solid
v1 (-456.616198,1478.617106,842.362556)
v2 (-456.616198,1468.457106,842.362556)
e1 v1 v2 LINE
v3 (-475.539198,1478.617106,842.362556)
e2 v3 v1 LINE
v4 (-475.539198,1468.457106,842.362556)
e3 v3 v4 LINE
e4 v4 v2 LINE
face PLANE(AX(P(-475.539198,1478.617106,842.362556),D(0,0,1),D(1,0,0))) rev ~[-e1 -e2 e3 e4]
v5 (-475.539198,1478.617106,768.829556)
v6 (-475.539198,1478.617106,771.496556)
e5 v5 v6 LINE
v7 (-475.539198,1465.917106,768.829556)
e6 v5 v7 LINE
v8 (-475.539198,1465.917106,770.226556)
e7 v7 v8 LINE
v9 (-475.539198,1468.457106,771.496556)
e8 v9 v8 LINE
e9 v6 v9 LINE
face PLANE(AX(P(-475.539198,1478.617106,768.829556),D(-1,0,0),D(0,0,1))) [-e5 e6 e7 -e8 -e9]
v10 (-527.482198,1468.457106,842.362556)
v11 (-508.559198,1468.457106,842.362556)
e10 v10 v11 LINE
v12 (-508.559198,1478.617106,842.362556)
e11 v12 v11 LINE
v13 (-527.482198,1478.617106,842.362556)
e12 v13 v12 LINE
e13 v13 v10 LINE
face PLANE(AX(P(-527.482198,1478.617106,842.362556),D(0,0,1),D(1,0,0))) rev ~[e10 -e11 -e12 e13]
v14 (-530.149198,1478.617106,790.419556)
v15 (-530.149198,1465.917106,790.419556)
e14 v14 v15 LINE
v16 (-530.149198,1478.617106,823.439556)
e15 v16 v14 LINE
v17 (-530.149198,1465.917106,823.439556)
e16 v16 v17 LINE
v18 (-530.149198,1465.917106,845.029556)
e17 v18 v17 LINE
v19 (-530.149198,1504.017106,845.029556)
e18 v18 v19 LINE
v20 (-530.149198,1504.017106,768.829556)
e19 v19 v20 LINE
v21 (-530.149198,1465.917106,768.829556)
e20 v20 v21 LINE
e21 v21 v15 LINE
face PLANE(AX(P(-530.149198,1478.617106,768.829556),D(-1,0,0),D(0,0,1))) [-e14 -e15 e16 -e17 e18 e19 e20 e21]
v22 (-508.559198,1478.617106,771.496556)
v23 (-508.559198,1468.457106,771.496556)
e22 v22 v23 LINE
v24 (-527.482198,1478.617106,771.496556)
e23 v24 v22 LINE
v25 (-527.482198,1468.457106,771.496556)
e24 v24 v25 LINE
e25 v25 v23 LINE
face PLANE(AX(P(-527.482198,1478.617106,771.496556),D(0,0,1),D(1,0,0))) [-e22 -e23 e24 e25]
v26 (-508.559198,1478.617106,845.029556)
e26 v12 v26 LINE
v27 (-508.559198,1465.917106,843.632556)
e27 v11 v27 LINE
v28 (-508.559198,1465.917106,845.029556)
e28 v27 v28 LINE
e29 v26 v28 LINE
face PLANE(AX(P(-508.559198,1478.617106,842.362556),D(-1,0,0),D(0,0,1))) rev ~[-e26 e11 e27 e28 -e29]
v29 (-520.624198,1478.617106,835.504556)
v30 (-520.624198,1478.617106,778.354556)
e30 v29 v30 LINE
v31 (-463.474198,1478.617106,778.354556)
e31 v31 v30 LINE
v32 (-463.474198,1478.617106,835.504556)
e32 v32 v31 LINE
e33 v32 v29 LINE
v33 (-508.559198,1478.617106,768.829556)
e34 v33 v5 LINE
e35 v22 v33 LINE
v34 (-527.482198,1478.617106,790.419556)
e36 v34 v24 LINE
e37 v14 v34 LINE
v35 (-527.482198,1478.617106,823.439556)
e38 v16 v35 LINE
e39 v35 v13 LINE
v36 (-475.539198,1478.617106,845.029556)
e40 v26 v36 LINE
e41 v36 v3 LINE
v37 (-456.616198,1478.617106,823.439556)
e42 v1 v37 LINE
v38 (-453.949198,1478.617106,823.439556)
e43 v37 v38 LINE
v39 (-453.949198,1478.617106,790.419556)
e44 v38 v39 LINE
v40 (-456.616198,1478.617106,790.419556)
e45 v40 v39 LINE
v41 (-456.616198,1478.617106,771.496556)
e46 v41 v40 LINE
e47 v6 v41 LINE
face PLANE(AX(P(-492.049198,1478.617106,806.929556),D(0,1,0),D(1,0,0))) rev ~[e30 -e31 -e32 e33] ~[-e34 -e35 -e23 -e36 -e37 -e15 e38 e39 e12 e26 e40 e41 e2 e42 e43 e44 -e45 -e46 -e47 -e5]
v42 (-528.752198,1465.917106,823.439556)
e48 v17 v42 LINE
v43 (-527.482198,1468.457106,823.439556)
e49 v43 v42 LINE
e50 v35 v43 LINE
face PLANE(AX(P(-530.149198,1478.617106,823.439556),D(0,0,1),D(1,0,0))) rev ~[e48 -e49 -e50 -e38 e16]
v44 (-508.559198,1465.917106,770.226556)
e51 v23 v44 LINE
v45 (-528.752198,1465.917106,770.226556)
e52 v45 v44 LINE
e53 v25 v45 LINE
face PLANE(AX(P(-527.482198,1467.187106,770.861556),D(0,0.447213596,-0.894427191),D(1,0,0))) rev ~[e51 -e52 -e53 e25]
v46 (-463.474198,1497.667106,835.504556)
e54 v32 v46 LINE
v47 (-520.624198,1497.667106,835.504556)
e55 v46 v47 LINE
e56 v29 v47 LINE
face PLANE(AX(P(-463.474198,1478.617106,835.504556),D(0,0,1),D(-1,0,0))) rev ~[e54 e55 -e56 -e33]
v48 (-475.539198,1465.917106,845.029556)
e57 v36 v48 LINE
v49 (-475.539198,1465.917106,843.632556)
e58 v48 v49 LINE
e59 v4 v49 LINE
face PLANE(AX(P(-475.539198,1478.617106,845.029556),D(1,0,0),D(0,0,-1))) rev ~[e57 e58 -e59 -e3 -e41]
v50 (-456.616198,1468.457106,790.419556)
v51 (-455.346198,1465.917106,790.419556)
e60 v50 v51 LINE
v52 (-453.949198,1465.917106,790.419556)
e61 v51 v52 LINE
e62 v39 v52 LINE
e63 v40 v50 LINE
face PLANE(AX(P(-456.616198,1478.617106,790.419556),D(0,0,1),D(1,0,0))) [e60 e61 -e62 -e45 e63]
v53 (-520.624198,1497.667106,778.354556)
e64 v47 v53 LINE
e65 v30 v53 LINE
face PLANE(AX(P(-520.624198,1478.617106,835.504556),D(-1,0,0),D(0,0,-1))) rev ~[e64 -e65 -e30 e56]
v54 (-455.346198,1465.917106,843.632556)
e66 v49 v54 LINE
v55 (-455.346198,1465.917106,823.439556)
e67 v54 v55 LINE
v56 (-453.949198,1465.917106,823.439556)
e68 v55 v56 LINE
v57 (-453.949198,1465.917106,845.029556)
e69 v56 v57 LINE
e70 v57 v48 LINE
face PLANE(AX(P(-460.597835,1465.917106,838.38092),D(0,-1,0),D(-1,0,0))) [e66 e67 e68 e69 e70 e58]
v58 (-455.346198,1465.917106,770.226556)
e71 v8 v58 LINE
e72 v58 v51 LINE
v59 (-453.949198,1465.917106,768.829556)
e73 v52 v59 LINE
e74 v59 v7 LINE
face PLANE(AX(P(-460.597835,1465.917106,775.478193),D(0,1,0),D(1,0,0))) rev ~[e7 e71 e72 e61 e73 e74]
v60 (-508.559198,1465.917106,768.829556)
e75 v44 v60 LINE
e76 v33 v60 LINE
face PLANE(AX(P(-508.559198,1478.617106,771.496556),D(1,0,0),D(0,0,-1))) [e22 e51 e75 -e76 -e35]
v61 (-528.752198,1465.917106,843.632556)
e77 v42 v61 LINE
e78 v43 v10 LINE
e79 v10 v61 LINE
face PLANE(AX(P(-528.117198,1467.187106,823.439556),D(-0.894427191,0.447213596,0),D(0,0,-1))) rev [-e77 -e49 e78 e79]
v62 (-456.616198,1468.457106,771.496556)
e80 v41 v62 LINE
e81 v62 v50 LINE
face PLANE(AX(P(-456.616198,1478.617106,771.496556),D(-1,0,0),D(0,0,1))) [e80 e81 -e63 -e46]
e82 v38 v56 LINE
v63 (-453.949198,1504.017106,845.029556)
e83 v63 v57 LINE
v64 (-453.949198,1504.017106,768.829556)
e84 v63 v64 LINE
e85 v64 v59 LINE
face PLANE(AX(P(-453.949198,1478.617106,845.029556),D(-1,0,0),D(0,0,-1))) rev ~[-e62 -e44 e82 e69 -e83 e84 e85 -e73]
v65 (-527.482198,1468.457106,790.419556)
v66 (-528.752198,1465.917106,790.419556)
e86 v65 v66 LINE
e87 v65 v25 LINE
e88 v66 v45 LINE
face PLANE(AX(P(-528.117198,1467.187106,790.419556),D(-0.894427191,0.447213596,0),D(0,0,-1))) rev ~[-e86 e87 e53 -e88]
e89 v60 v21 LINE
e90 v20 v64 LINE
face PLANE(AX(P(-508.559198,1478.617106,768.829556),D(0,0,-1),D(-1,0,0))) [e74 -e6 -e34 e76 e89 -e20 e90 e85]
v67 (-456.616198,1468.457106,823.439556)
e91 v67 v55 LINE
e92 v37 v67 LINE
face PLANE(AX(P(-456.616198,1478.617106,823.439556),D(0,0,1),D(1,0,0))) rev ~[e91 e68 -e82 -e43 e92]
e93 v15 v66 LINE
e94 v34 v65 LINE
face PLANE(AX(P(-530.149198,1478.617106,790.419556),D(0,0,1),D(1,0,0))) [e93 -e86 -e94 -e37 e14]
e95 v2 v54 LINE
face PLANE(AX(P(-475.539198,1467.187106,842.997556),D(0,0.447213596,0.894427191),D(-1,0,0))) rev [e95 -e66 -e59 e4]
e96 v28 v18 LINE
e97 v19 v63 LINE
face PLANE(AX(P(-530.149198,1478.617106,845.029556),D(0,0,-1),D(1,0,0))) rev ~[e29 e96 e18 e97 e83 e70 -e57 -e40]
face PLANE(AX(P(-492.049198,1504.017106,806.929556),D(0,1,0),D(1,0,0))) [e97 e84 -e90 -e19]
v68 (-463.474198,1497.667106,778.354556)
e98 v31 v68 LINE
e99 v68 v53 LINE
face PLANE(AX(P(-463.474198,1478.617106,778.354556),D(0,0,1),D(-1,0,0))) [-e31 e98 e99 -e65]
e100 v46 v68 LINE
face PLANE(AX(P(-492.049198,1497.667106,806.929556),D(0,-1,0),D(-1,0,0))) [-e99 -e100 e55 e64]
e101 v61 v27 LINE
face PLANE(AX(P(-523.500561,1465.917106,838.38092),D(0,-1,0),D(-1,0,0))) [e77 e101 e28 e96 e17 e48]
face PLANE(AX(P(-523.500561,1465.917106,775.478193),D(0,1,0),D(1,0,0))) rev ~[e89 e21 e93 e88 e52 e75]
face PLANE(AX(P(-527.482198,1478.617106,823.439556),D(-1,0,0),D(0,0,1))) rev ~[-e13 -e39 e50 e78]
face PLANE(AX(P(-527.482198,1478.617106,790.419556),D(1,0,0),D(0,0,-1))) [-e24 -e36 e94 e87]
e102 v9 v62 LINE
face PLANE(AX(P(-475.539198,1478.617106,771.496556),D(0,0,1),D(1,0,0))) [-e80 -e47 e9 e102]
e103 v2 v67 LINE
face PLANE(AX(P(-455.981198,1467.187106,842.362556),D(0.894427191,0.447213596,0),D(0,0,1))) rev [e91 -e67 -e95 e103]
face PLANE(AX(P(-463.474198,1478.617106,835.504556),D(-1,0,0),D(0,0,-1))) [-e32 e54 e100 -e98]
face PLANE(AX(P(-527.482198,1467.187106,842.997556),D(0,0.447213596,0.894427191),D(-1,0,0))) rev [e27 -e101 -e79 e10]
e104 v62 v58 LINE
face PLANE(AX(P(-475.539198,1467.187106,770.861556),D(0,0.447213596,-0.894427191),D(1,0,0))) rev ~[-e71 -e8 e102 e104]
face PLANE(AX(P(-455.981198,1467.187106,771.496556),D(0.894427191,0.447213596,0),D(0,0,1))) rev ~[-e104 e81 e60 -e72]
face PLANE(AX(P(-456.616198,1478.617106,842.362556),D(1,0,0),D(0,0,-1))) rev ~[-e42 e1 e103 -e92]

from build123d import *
from OCP.BRepFilletAPI import BRepFilletAPI_MakeChamfer

# Parameters (mm, degrees)
SKETCH1_W           = 76.2
SKETCH1_H           = 76.2
BOSS_EXTRUDE1_DEPTH = 25.4
SKETCH2_W           = 57.15
SKETCH2_H           = 57.15
CUT_EXTRUDE1_DEPTH  = 19.05
BOSS_EXTRUDE2_DEPTH = 12.7
CHAMFER1_SIZE       = 2.54
CHAMFER1_SIZE2      = 1.27


with BuildPart() as part:
    # Sketch1 → Boss-Extrude1 (new body)
    with BuildSketch(Plane(origin=(0, 1478.617106037, 0), x_dir=(1, 0, 0), z_dir=(0, 1, 0))):
        with Locations((-492.049198231, -806.92955637)):
            Rectangle(SKETCH1_W, SKETCH1_H)
    extrude(amount=BOSS_EXTRUDE1_DEPTH)

    # Sketch2 → Cut-Extrude1 (cut)
    with BuildSketch(Plane(origin=(0, 1478.617106037, 0), x_dir=(-1, 0, 0), z_dir=(0, -1, 0))):
        with Locations((492.049198231, -806.92955637)):
            Rectangle(SKETCH2_W, SKETCH2_H)
    extrude(amount=-CUT_EXTRUDE1_DEPTH, mode=Mode.SUBTRACT)

    # Sketch3 → Boss-Extrude2 (add)
    with BuildSketch(Plane(origin=(0, 1478.617106037, 0), x_dir=(-1, 0, 0), z_dir=(0, -1, 0))):
        Polygon((530.149198231, -790.41955637), (527.482198231, -790.41955637), (527.482198231, -771.49655637), (508.559198231, -771.49655637), (508.559198231, -768.82955637), (530.149198231, -768.82955637), align=None)
        Polygon((530.149198231, -823.43955637), (527.482198231, -823.43955637), (527.482198231, -842.36255637), (508.559198231, -842.36255637), (508.559198231, -845.02955637), (530.149198231, -845.02955637), align=None)
        Polygon((475.539198231, -768.82955637), (475.539198231, -771.49655637), (456.616198231, -771.49655637), (456.616198231, -790.41955637), (453.949198231, -790.41955637), (453.949198231, -768.82955637), align=None)
        Polygon((475.539198231, -845.02955637), (475.539198231, -842.36255637), (456.616198231, -842.36255637), (456.616198231, -823.43955637), (453.949198231, -823.43955637), (453.949198231, -845.02955637), align=None)
    extrude(amount=BOSS_EXTRUDE2_DEPTH)

    # Chamfer1: one chamfer whose edges measure the first distance from different faces: ONE call of the kernel's chamfer builder (chamfer() names one face for all edges)
    chamfer1_edges_1 = [part.edges().sort_by_distance(p)[0] for p in [
        (-518.020698231, 1465.917106037, 771.49655637),
    ]]
    chamfer1_side_1 = [part.faces().sort_by_distance(p)[0] for p in [
        (-518.020698231, 1472.267106037, 771.49655637),
    ]]
    chamfer1_edges_2 = [part.edges().sort_by_distance(p)[0] for p in [
        (-527.482198231, 1465.917106037, 780.95805637),
    ]]
    chamfer1_side_2 = [part.faces().sort_by_distance(p)[0] for p in [
        (-527.482198231, 1472.267106037, 780.95805637),
    ]]
    chamfer1_edges_3 = [part.edges().sort_by_distance(p)[0] for p in [
        (-527.482198231, 1465.917106037, 832.90105637),
    ]]
    chamfer1_side_3 = [part.faces().sort_by_distance(p)[0] for p in [
        (-527.482198231, 1472.267106037, 832.90105637),
    ]]
    chamfer1_edges_4 = [part.edges().sort_by_distance(p)[0] for p in [
        (-518.020698231, 1465.917106037, 842.36255637),
    ]]
    chamfer1_side_4 = [part.faces().sort_by_distance(p)[0] for p in [
        (-518.020698231, 1472.267106037, 842.36255637),
    ]]
    chamfer1_edges_5 = [part.edges().sort_by_distance(p)[0] for p in [
        (-466.077698231, 1465.917106037, 771.49655637),
    ]]
    chamfer1_side_5 = [part.faces().sort_by_distance(p)[0] for p in [
        (-466.077698231, 1472.267106037, 771.49655637),
    ]]
    chamfer1_edges_6 = [part.edges().sort_by_distance(p)[0] for p in [
        (-456.616198231, 1465.917106037, 780.95805637),
    ]]
    chamfer1_side_6 = [part.faces().sort_by_distance(p)[0] for p in [
        (-456.616198231, 1472.267106037, 780.95805637),
    ]]
    chamfer1_edges_7 = [part.edges().sort_by_distance(p)[0] for p in [
        (-466.077698231, 1465.917106037, 842.36255637),
    ]]
    chamfer1_side_7 = [part.faces().sort_by_distance(p)[0] for p in [
        (-466.077698231, 1472.267106037, 842.36255637),
    ]]
    chamfer1_edges_8 = [part.edges().sort_by_distance(p)[0] for p in [
        (-456.616198231, 1465.917106037, 832.90105637),
    ]]
    chamfer1_side_8 = [part.faces().sort_by_distance(p)[0] for p in [
        (-456.616198231, 1472.267106037, 832.90105637),
    ]]
    chamfer1 = BRepFilletAPI_MakeChamfer(part.part.solid().wrapped)
    for e in chamfer1_edges_1:
        chamfer1.Add(CHAMFER1_SIZE, CHAMFER1_SIZE2, e.wrapped, chamfer1_side_1[0].wrapped)  # the first distance lies on this face
    for e in chamfer1_edges_2:
        chamfer1.Add(CHAMFER1_SIZE, CHAMFER1_SIZE2, e.wrapped, chamfer1_side_2[0].wrapped)  # the first distance lies on this face
    for e in chamfer1_edges_3:
        chamfer1.Add(CHAMFER1_SIZE, CHAMFER1_SIZE2, e.wrapped, chamfer1_side_3[0].wrapped)  # the first distance lies on this face
    for e in chamfer1_edges_4:
        chamfer1.Add(CHAMFER1_SIZE, CHAMFER1_SIZE2, e.wrapped, chamfer1_side_4[0].wrapped)  # the first distance lies on this face
    for e in chamfer1_edges_5:
        chamfer1.Add(CHAMFER1_SIZE, CHAMFER1_SIZE2, e.wrapped, chamfer1_side_5[0].wrapped)  # the first distance lies on this face
    for e in chamfer1_edges_6:
        chamfer1.Add(CHAMFER1_SIZE, CHAMFER1_SIZE2, e.wrapped, chamfer1_side_6[0].wrapped)  # the first distance lies on this face
    for e in chamfer1_edges_7:
        chamfer1.Add(CHAMFER1_SIZE, CHAMFER1_SIZE2, e.wrapped, chamfer1_side_7[0].wrapped)  # the first distance lies on this face
    for e in chamfer1_edges_8:
        chamfer1.Add(CHAMFER1_SIZE, CHAMFER1_SIZE2, e.wrapped, chamfer1_side_8[0].wrapped)  # the first distance lies on this face
    add(Compound.cast(chamfer1.Shape()), mode=Mode.REPLACE)


solid = part.part
